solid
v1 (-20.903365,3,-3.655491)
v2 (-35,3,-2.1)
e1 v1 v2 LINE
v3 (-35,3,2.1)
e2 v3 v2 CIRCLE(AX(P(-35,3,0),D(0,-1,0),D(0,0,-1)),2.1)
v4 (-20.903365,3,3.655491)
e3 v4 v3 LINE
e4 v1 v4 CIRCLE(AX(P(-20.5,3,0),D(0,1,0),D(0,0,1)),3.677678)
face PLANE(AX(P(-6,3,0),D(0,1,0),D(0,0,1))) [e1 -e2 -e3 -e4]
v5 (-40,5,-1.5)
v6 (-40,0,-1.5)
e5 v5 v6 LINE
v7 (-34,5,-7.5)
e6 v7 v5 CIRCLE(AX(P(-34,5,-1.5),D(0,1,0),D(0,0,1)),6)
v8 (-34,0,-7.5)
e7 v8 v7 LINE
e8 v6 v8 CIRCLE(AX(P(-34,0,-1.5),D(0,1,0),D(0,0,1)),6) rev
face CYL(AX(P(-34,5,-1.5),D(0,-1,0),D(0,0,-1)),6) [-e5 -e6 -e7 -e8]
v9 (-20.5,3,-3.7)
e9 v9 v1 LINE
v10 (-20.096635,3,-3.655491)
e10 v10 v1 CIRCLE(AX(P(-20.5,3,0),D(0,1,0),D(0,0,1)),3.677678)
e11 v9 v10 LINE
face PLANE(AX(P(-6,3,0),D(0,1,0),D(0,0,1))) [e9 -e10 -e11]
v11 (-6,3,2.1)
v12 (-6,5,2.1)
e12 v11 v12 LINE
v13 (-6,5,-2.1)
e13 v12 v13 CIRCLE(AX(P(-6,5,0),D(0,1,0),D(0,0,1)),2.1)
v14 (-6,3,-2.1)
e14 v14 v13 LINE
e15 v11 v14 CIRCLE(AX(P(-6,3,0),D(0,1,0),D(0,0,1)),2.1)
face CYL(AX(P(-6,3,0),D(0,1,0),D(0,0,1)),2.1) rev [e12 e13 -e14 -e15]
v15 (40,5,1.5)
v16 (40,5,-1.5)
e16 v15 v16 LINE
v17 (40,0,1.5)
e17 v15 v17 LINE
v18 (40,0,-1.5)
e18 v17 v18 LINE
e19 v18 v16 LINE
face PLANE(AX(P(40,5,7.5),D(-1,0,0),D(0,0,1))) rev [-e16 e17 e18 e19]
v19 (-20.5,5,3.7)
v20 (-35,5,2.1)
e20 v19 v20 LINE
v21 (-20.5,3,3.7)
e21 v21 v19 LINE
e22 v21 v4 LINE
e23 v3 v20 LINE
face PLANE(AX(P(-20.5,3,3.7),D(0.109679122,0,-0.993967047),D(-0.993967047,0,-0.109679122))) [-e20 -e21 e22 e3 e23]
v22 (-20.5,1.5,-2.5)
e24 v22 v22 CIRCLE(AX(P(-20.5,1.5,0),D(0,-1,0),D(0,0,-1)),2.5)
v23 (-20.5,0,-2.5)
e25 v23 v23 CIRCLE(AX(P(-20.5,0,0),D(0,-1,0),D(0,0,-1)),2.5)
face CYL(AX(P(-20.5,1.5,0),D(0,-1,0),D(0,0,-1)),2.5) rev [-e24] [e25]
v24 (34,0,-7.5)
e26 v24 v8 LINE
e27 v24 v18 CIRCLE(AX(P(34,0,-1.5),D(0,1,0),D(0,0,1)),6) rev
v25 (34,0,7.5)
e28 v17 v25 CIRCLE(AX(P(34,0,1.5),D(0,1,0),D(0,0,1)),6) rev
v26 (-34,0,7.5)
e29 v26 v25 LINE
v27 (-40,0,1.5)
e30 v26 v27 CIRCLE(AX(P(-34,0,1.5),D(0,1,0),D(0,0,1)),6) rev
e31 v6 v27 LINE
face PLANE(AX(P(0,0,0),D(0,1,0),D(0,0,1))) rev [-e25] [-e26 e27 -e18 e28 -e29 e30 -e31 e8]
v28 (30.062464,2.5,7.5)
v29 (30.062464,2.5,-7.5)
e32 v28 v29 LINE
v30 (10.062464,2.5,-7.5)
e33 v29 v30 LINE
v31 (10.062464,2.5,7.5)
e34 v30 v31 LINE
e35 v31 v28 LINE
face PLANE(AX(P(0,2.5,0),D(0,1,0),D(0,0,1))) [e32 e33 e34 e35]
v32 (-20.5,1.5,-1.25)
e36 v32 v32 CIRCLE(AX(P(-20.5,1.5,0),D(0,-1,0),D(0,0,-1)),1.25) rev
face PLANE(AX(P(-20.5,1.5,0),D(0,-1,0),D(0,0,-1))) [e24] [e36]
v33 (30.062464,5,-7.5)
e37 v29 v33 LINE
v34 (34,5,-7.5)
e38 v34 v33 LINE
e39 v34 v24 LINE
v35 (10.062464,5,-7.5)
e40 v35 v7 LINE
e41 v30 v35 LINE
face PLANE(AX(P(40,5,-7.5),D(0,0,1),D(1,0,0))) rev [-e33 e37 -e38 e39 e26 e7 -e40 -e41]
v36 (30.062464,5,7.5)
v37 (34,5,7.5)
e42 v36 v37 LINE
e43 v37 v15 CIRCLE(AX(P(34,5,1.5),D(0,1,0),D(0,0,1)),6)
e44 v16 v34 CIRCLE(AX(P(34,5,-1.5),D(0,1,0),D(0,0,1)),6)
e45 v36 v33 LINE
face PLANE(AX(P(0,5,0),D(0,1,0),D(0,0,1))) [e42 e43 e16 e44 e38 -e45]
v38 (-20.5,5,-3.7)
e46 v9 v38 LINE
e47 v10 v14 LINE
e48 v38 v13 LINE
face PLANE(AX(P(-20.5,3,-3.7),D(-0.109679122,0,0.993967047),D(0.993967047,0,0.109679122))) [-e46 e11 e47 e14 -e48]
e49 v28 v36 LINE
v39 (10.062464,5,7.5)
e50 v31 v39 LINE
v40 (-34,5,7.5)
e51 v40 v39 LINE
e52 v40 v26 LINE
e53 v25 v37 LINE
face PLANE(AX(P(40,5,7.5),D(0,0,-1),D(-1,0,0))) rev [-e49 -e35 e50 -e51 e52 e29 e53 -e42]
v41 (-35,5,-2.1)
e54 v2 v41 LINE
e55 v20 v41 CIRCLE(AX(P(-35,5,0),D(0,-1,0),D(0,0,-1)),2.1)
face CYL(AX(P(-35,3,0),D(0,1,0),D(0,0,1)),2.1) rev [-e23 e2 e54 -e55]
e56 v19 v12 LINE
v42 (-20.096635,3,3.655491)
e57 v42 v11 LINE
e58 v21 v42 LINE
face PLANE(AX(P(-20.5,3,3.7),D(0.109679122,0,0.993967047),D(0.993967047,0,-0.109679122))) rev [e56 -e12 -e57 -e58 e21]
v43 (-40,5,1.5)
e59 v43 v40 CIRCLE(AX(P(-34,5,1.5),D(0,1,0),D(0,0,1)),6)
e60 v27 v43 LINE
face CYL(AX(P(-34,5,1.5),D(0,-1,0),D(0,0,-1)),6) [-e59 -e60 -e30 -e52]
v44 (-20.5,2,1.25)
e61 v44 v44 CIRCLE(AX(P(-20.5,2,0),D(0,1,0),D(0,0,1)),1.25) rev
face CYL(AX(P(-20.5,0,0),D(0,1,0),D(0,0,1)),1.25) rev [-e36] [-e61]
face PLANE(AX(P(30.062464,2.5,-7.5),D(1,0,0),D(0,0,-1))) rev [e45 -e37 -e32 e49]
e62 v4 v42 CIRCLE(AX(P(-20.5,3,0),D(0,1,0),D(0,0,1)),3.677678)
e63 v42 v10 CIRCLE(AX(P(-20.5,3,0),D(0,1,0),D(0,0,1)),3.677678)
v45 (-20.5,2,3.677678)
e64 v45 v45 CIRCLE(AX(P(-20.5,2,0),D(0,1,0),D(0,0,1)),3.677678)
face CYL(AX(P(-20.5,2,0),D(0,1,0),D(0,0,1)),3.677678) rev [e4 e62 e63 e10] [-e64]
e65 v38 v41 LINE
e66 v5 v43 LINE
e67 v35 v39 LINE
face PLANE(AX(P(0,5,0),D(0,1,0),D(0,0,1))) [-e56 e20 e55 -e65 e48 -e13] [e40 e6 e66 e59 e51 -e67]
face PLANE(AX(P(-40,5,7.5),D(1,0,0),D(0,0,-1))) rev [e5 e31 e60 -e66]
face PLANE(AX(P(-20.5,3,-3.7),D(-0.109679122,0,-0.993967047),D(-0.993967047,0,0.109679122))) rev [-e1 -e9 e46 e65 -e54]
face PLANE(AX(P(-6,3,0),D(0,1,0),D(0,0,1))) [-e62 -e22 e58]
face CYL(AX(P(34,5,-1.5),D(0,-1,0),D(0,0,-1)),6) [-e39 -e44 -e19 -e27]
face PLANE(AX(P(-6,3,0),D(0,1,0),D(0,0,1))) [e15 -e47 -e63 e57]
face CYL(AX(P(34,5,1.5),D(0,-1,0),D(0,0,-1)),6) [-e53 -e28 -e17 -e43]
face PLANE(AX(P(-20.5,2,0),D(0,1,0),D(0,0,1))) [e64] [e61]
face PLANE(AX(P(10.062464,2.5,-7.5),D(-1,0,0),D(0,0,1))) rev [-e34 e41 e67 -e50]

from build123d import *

# Parameters (mm, degrees)
SKETCH1_W           = 80
SKETCH1_H           = 15
BOSS_EXTRUDE1_DEPTH = 5
FILLET1_R           = 6
SKETCH3_W           = 20
SKETCH3_H           = 15
CUT_EXTRUDE2_DEPTH  = 2.5
CUT_EXTRUDE3_DEPTH  = 2
SKETCH5_R           = 1.25
CUT_EXTRUDE4_DEPTH  = 41.807474805
SKETCH6_R           = 2.5
CUT_EXTRUDE5_DEPTH  = 1.5
SKETCH7_R           = 3.677678073
CUT_EXTRUDE6_DEPTH  = 1


with BuildPart() as part:
    # Sketch1 → Boss-Extrude1 (new body)
    with BuildSketch(Plane(origin=(0, 0, 0), x_dir=(1, 0, 0), z_dir=(0, 1, 0))):
        Rectangle(SKETCH1_W, SKETCH1_H)
    extrude(amount=BOSS_EXTRUDE1_DEPTH)

    # Fillet1
    fillet1_edges = [part.edges().sort_by_distance(p)[0] for p in [
        (-40, 2.5, -7.5),
        (40, 2.5, -7.5),
        (40, 2.5, 7.5),
        (-40, 2.5, 7.5),
    ]]
    fillet(fillet1_edges, radius=FILLET1_R)

    # Sketch3 → Cut-Extrude2 (cut)
    with BuildSketch(Plane(origin=(0, 5, 0), x_dir=(1, 0, 0), z_dir=(0, 1, 0))):
        with Locations((20.062463618, 0)):
            Rectangle(SKETCH3_W, SKETCH3_H)
    extrude(amount=-CUT_EXTRUDE2_DEPTH, mode=Mode.SUBTRACT)

    # Sketch4 → Cut-Extrude3 (cut)
    with BuildSketch(Plane(origin=(0, 5, 0), x_dir=(1, 0, 0), z_dir=(0, 1, 0))):
        with BuildLine():
            Line((-20.5, 3.7), (-6, 2.1))
            ThreePointArc((-6, 2.1), (-3.9, 0), (-6, -2.1))
            Line((-6, -2.1), (-20.5, -3.7))
            Line((-20.5, -3.7), (-35, -2.1))
            ThreePointArc((-35, -2.1), (-37.1, 0), (-35, 2.1))
            Line((-35, 2.1), (-20.5, 3.7))
        make_face()
    extrude(amount=-CUT_EXTRUDE3_DEPTH, mode=Mode.SUBTRACT)

    # Sketch5 → Cut-Extrude4 (cut, through all)
    with BuildSketch(Plane(origin=(0, 3, 0), x_dir=(1, 0, 0), z_dir=(0, 1, 0))):
        with Locations(Location((-20.5, 0, 0), (0, 0, 270))):
            Circle(SKETCH5_R)
    extrude(amount=-CUT_EXTRUDE4_DEPTH, mode=Mode.SUBTRACT)

    # Sketch6 → Cut-Extrude5 (cut)
    with BuildSketch(Plane(origin=(0, 0, 0), x_dir=(-1, 0, 0), z_dir=(0, -1, 0))):
        with Locations(Location((20.5, 0, 0), (0, 0, 90))):
            Circle(SKETCH6_R)
    extrude(amount=-CUT_EXTRUDE5_DEPTH, mode=Mode.SUBTRACT)

    # Sketch7 → Cut-Extrude6 (cut)
    with BuildSketch(Plane(origin=(0, 3, 0), x_dir=(1, 0, 0), z_dir=(0, 1, 0))):
        with Locations(Location((-20.5, 0, 0), (0, 0, 270))):
            Circle(SKETCH7_R)
    extrude(amount=-CUT_EXTRUDE6_DEPTH, mode=Mode.SUBTRACT)


solid = part.part
